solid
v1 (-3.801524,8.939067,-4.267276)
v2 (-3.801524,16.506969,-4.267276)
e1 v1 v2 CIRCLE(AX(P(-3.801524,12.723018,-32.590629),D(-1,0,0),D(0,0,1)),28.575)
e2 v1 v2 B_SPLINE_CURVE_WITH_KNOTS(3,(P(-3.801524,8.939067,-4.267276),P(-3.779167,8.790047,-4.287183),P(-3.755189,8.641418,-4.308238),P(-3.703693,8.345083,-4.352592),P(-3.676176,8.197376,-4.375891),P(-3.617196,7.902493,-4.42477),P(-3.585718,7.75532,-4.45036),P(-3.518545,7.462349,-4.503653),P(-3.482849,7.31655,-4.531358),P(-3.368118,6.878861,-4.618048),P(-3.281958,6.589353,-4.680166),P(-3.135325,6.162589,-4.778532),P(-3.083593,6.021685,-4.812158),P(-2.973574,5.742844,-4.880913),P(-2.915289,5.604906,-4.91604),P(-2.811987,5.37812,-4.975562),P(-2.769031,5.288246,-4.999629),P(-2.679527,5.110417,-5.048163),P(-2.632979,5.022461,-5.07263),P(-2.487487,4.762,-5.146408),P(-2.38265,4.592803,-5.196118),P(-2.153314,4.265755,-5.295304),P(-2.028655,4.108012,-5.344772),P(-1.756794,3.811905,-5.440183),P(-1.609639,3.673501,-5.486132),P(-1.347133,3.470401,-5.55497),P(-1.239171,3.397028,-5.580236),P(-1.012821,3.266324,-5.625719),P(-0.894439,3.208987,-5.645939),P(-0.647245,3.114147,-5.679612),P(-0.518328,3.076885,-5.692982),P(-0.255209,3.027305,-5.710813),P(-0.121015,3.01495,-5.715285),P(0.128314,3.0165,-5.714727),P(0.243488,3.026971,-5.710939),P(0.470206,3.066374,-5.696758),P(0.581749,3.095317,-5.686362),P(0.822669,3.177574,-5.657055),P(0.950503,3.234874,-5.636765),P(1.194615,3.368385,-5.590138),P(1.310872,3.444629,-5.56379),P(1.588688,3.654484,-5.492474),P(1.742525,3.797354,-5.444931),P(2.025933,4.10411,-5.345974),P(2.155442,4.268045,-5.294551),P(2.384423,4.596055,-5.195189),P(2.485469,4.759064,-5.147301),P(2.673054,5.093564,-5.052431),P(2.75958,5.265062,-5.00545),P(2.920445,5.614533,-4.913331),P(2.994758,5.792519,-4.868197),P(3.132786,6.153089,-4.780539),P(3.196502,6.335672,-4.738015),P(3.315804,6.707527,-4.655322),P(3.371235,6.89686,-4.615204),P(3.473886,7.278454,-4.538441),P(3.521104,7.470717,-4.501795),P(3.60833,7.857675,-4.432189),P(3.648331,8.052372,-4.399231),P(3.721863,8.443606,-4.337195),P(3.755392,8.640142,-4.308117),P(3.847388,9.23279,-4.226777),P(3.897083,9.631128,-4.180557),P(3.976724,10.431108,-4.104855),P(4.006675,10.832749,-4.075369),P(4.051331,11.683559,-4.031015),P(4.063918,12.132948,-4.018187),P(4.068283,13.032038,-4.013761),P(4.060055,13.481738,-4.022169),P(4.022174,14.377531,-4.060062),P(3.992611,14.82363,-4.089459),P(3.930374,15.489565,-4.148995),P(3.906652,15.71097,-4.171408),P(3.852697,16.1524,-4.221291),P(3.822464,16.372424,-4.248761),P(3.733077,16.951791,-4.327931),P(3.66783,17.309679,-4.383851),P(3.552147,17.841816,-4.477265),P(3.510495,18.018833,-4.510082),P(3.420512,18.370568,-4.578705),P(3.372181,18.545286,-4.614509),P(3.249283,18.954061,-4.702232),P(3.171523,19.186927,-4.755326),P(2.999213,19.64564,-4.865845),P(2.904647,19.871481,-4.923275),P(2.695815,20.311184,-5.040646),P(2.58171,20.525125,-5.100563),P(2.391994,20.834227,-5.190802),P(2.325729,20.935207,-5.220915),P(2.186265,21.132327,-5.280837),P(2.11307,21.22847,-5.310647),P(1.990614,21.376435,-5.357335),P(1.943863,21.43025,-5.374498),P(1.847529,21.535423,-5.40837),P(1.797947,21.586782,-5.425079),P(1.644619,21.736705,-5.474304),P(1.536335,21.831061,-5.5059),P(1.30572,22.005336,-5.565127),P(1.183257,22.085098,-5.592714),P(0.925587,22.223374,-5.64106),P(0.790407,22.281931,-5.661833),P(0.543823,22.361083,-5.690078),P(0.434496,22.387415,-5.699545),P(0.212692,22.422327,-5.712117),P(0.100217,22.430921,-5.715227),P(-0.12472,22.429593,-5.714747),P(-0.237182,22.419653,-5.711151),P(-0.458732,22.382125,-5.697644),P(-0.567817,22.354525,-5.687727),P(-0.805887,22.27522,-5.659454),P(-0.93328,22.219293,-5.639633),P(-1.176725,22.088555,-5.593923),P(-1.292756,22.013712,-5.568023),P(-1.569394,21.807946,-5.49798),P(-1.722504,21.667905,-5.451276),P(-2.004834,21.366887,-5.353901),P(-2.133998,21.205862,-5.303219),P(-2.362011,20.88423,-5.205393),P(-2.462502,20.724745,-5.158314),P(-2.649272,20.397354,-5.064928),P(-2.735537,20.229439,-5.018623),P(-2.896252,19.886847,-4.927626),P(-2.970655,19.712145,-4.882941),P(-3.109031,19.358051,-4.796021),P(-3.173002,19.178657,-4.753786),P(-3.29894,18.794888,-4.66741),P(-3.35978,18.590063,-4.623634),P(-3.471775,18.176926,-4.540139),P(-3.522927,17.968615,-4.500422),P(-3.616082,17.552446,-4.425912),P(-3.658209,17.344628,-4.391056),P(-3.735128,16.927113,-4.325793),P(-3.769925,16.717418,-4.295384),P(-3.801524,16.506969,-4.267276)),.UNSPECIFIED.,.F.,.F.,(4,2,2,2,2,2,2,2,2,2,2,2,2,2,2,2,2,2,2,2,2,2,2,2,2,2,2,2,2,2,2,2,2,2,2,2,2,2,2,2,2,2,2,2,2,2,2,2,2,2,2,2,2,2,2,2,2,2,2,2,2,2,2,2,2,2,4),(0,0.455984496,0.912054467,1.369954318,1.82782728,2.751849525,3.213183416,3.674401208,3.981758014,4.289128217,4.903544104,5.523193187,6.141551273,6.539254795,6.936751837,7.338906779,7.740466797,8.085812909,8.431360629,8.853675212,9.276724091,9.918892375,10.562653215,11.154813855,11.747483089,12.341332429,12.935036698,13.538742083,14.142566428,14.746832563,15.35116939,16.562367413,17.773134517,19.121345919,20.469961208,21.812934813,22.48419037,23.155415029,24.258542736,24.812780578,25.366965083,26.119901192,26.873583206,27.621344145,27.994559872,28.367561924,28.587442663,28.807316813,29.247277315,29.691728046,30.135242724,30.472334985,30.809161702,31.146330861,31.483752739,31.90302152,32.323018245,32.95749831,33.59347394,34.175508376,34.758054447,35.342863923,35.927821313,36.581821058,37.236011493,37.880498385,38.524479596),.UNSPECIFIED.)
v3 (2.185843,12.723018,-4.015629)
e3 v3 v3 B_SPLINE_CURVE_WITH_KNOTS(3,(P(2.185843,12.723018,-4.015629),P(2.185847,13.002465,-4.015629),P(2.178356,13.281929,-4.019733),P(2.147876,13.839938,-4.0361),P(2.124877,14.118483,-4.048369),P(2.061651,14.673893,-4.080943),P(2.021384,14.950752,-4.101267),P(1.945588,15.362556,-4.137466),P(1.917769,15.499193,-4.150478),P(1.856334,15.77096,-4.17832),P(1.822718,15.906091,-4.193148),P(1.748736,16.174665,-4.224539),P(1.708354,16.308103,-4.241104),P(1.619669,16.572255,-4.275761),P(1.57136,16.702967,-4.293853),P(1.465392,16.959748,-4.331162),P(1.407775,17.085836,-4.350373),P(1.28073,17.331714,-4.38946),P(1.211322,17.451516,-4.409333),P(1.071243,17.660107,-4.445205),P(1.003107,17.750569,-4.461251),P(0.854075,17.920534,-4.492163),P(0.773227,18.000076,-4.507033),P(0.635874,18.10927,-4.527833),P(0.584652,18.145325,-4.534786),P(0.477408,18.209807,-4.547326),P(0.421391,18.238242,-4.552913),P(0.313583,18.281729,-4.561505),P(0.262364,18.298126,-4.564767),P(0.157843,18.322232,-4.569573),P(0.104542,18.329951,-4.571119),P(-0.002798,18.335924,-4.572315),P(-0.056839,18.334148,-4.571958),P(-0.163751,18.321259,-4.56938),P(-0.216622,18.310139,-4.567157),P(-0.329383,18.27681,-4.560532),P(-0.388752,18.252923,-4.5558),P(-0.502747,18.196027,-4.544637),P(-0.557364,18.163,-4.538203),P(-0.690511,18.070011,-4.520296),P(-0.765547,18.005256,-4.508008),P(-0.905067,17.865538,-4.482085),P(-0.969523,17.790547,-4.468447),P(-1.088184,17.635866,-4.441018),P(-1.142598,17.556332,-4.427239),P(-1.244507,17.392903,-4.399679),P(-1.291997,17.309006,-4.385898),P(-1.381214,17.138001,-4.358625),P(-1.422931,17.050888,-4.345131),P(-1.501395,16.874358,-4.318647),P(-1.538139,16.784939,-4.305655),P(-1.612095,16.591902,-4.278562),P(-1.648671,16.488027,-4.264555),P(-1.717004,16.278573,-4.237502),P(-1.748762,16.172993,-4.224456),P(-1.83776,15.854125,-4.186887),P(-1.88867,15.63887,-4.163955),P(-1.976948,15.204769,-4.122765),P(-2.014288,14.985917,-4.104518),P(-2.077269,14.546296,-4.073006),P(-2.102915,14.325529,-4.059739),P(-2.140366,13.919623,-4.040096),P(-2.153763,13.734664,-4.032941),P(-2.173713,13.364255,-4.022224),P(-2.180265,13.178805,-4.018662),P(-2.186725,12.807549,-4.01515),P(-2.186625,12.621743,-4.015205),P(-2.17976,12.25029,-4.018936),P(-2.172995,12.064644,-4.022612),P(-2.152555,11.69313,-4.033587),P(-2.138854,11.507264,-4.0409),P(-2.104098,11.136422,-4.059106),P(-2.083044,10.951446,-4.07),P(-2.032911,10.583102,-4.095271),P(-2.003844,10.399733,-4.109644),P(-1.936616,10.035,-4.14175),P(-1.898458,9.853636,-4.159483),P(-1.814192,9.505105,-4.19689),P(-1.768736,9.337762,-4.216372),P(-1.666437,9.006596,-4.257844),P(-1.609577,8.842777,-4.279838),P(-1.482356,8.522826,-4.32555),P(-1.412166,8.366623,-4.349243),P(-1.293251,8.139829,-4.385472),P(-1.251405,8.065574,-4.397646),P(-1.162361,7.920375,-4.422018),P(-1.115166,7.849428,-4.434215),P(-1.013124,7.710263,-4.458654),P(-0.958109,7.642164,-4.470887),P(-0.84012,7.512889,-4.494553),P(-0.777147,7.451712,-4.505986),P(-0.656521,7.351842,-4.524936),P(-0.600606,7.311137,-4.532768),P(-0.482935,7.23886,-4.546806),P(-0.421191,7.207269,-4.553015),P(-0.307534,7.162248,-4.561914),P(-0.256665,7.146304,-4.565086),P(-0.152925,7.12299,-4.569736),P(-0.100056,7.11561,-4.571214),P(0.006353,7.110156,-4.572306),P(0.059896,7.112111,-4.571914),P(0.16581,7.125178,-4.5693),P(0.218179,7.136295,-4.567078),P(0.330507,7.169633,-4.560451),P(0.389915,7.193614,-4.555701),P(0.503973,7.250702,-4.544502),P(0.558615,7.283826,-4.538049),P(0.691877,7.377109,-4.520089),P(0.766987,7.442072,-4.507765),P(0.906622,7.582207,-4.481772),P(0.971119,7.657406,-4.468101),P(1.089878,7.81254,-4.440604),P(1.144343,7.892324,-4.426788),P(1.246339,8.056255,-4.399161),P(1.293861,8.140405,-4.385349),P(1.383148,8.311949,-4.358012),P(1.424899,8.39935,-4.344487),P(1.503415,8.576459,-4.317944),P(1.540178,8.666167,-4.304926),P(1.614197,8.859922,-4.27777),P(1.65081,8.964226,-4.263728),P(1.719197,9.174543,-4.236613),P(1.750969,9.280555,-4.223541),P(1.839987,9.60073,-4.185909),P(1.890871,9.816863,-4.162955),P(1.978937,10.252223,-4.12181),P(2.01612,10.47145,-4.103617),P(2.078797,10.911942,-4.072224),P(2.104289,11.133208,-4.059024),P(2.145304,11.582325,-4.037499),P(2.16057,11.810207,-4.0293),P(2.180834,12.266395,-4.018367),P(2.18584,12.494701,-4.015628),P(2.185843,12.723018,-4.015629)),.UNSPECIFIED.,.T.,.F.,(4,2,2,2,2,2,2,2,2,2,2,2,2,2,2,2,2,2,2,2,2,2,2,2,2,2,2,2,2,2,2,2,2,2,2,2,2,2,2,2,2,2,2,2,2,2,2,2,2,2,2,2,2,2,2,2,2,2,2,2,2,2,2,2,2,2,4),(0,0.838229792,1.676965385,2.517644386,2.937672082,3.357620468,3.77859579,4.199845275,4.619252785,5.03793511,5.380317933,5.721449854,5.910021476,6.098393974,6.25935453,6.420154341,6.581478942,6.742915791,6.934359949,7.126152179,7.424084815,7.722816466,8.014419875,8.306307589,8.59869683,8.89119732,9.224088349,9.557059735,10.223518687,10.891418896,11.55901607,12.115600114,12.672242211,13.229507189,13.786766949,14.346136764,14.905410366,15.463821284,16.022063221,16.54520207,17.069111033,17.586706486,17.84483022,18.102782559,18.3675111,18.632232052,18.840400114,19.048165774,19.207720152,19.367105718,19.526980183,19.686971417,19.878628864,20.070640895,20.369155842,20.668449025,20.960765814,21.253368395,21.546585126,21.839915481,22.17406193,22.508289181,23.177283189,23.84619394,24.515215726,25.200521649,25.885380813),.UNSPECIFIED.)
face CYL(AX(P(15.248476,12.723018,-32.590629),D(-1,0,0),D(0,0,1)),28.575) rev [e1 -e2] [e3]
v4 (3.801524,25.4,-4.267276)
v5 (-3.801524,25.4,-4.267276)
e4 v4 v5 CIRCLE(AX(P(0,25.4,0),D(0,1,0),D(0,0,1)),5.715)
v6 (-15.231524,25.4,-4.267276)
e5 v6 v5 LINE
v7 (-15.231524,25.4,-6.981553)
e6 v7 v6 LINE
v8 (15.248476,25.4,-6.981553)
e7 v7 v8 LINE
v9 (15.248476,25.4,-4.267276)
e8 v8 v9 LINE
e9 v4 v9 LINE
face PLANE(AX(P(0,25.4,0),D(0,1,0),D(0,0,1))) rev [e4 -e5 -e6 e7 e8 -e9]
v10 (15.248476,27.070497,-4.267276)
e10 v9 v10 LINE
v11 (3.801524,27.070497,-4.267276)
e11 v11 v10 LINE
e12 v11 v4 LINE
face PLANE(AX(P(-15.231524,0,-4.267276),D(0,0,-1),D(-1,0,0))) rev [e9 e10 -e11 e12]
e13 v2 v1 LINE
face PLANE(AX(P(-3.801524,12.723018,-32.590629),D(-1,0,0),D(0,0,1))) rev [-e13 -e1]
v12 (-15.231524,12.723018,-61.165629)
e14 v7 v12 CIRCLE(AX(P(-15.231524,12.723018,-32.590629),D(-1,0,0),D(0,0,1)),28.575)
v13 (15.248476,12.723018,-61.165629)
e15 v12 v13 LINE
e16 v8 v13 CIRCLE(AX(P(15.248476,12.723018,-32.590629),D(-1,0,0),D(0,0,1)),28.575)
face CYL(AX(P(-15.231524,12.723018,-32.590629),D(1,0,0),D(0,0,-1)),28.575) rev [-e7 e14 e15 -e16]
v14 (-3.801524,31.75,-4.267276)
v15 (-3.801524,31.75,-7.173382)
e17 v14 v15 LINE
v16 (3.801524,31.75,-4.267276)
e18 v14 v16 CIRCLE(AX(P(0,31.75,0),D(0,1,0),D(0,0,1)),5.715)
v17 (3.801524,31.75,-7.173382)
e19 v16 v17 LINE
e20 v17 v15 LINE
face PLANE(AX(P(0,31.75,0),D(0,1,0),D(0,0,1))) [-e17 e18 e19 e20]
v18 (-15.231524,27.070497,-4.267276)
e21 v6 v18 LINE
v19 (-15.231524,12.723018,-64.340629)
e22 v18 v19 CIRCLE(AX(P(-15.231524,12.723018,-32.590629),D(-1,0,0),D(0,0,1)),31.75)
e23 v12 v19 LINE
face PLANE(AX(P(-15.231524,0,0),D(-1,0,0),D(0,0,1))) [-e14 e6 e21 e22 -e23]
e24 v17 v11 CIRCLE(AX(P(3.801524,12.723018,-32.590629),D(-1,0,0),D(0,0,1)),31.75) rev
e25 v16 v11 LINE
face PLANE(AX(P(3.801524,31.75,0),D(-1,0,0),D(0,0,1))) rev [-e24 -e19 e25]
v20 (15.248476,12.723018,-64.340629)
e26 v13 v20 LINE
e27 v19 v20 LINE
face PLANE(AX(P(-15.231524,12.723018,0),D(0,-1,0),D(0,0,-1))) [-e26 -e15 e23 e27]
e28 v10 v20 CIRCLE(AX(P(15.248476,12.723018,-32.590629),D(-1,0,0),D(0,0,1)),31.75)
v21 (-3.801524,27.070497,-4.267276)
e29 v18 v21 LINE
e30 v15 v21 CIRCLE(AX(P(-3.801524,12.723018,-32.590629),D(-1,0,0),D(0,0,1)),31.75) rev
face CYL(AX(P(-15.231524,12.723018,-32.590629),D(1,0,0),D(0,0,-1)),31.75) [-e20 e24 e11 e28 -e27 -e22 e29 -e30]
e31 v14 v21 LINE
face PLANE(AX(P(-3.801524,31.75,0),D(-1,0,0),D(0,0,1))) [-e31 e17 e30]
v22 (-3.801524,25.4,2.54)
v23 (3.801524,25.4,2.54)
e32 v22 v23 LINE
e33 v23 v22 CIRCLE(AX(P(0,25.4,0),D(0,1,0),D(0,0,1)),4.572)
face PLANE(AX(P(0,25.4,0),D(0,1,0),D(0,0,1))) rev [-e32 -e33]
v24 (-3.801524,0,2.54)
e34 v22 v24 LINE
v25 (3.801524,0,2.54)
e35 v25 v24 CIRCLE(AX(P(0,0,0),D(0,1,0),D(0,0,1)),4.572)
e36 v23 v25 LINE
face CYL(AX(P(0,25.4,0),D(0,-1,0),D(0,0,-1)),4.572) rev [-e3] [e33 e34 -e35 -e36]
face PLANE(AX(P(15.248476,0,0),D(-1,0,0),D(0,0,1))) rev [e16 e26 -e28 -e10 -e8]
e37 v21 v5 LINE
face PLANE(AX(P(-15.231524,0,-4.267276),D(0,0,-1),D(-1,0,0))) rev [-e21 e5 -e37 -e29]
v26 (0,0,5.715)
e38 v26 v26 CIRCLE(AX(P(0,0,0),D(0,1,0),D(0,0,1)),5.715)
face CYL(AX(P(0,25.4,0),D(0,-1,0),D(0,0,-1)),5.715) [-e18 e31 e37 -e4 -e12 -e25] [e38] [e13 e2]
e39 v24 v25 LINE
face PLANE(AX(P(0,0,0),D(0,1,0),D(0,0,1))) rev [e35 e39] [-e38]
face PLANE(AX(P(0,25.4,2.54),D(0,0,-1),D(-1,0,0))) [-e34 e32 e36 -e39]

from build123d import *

# Parameters (mm, degrees)
SKETCH1_R                = 5.715
BOSS_EXTRUDE1_DEPTH      = 25.4
BOSS_EXTRUDE3_DEPTH      = 6.35
BOSS_EXTRUDE4_DEPTH      = 11.430000000000001
BOSS_EXTRUDE4_DEPTH_BACK = 19.05
CUT_EXTRUDE1_START       = -19.05
SKETCH5_R                = 28.575000000000006
CUT_EXTRUDE1_DEPTH       = 19.05


with BuildPart() as part:
    # Sketch1 → Boss-Extrude1 (new body)
    with BuildSketch(Plane(origin=(0, 0, 0), x_dir=(1, 0, 0), z_dir=(0, 1, 0))):
        with Locations(Location((0, 0, 0), (0, 0, 270))):
            Circle(SKETCH1_R)
        with BuildLine():
            Line((3.801523904962324, -2.54), (-3.801523904962324, -2.54))
            ThreePointArc((-3.8015239049623246, -2.5400000000000005), (-1.33e-15, 4.572000000000001), (3.801523904962326, -2.5399999999999983))
        make_face(mode=Mode.SUBTRACT)
    extrude(amount=BOSS_EXTRUDE1_DEPTH)

    # Sketch2 → Boss-Extrude3 (add)
    with BuildSketch(Plane(origin=(0, 25.4, 0), x_dir=(1, 0, 0), z_dir=(0, 1, 0))):
        with BuildLine():
            Line((3.801523904962324, -2.54), (-3.801523904962324, -2.54))
            ThreePointArc((-3.8015239049623246, -2.5400000000000005), (-4.572, 5.607e-14), (-3.801523904962262, 2.540000000000094))
            Line((-3.801523904962324, 2.540000000000111), (-3.801523904962324, 4.267275594568456))
            ThreePointArc((-3.801523904962365, 4.26727559456847), (-2.338323746098912, -5.214735569367823), (5.715, -1.4e-15))
            ThreePointArc((5.715, 0), (5.214735569367823, 2.338323746098912), (3.801523904962363, 4.267275594568472))
            Line((3.801523904962324, 4.267275594568458), (3.801523904962324, 2.5400000000001137))
            ThreePointArc((3.801523904962324, 2.540000000000001), (4.572000000000001, 1.44e-15), (3.801523904962326, -2.5399999999999983))
        make_face()
        with BuildLine():
            Line((-3.801523904962324, 2.540000000000111), (-3.801523904962324, -2.54))
            Line((-3.801523904962324, -2.54), (3.801523904962324, -2.54))
            Line((3.801523904962324, -2.54), (3.801523904962324, 2.5400000000001137))
            ThreePointArc((3.801523904962324, 2.540000000000001), (5.507e-14, 4.572000000000001), (-3.801523904962262, 2.540000000000094))
        make_face()
        with BuildLine():
            Line((-3.801523904962324, 32.590628837493085), (-3.801523904962324, 4.267275594568456))
            ThreePointArc((-3.801523904962365, 4.26727559456847), (-2.19e-15, 5.715), (3.801523904962363, 4.267275594568472))
            Line((3.801523904962324, 4.267275594568458), (3.801523904962324, 32.590628837493085))
            Line((3.801523904962324, 32.590628837493085), (-3.801523904962324, 32.590628837493085))
        make_face()
        with BuildLine():
            Line((-3.801523904962324, 4.267275594568456), (-3.801523904962324, 2.540000000000111))
            ThreePointArc((-3.801523904962262, 2.540000000000094), (5.507e-14, 4.572000000000001), (3.801523904962324, 2.540000000000001))
            Line((3.801523904962324, 2.5400000000001137), (3.801523904962324, 4.267275594568458))
            ThreePointArc((3.801523904962363, 4.267275594568472), (-2.19e-15, 5.715), (-3.801523904962365, 4.26727559456847))
        make_face()
        with BuildLine():
            ThreePointArc((-3.801523904962262, 2.540000000000094), (-4.572, 5.607e-14), (-3.8015239049623246, -2.5400000000000005))
            Line((-3.801523904962324, -2.54), (-3.801523904962324, 2.540000000000111))
        make_face()
        with BuildLine():
            Line((3.801523904962324, 2.5400000000001137), (3.801523904962324, -2.54))
            ThreePointArc((3.801523904962326, -2.5399999999999983), (4.572000000000001, 1.44e-15), (3.801523904962324, 2.540000000000001))
        make_face()
    extrude(amount=BOSS_EXTRUDE3_DEPTH)

    # Sketch4 → Boss-Extrude4 (add, two sides: drawn at the far end of the back side and taken through both)
    with BuildSketch(Plane.ZY.offset(3.801523904962324).offset(-BOSS_EXTRUDE4_DEPTH_BACK)):
        with BuildLine():
            Line((-64.34062883749309, 12.723017723708097), (-61.16562883749309, 12.723017723708097))
            ThreePointArc((-61.16562883749309, 12.7230177237081), (-42.772401198467776, 39.4224959318921), (-11.27151604034228, 31.75000000000092))
            Line((-11.271516040342593, 31.75), (-7.173381829650392, 31.75))
            ThreePointArc((-7.173381829650484, 31.74999999999974), (-42.61721618067714, 42.8482570795954), (-64.34062883749309, 12.7230177237081))
        make_face()
        with BuildLine():
            Line((-7.173381829650392, 31.75), (-11.271516040342593, 31.75))
            ThreePointArc((-11.27151604034228, 31.75000000000092), (-8.912699493419062, 28.719463797040717), (-6.981553388219599, 25.39999999999997))
            Line((-6.9815533882195915, 25.4), (-4.267275594568506, 25.4))
            Line((-4.267275594568505, 25.4), (-4.267275594568505, 27.07049698232741))
            ThreePointArc((-4.267275594568467, 27.07049698232742), (-5.618653271152166, 29.473391870237137), (-7.173381829650484, 31.74999999999974))
        make_face()
    extrude(amount=BOSS_EXTRUDE4_DEPTH + BOSS_EXTRUDE4_DEPTH_BACK)

    # Sketch5 → Cut-Extrude1 (cut)
    with BuildSketch(Plane.ZY.offset(3.801523904962324).offset(CUT_EXTRUDE1_START)):
        with Locations((-32.590628837493085, 12.723017723708097)):
            Circle(SKETCH5_R)
    extrude(amount=CUT_EXTRUDE1_DEPTH, mode=Mode.SUBTRACT)


solid = part.part
